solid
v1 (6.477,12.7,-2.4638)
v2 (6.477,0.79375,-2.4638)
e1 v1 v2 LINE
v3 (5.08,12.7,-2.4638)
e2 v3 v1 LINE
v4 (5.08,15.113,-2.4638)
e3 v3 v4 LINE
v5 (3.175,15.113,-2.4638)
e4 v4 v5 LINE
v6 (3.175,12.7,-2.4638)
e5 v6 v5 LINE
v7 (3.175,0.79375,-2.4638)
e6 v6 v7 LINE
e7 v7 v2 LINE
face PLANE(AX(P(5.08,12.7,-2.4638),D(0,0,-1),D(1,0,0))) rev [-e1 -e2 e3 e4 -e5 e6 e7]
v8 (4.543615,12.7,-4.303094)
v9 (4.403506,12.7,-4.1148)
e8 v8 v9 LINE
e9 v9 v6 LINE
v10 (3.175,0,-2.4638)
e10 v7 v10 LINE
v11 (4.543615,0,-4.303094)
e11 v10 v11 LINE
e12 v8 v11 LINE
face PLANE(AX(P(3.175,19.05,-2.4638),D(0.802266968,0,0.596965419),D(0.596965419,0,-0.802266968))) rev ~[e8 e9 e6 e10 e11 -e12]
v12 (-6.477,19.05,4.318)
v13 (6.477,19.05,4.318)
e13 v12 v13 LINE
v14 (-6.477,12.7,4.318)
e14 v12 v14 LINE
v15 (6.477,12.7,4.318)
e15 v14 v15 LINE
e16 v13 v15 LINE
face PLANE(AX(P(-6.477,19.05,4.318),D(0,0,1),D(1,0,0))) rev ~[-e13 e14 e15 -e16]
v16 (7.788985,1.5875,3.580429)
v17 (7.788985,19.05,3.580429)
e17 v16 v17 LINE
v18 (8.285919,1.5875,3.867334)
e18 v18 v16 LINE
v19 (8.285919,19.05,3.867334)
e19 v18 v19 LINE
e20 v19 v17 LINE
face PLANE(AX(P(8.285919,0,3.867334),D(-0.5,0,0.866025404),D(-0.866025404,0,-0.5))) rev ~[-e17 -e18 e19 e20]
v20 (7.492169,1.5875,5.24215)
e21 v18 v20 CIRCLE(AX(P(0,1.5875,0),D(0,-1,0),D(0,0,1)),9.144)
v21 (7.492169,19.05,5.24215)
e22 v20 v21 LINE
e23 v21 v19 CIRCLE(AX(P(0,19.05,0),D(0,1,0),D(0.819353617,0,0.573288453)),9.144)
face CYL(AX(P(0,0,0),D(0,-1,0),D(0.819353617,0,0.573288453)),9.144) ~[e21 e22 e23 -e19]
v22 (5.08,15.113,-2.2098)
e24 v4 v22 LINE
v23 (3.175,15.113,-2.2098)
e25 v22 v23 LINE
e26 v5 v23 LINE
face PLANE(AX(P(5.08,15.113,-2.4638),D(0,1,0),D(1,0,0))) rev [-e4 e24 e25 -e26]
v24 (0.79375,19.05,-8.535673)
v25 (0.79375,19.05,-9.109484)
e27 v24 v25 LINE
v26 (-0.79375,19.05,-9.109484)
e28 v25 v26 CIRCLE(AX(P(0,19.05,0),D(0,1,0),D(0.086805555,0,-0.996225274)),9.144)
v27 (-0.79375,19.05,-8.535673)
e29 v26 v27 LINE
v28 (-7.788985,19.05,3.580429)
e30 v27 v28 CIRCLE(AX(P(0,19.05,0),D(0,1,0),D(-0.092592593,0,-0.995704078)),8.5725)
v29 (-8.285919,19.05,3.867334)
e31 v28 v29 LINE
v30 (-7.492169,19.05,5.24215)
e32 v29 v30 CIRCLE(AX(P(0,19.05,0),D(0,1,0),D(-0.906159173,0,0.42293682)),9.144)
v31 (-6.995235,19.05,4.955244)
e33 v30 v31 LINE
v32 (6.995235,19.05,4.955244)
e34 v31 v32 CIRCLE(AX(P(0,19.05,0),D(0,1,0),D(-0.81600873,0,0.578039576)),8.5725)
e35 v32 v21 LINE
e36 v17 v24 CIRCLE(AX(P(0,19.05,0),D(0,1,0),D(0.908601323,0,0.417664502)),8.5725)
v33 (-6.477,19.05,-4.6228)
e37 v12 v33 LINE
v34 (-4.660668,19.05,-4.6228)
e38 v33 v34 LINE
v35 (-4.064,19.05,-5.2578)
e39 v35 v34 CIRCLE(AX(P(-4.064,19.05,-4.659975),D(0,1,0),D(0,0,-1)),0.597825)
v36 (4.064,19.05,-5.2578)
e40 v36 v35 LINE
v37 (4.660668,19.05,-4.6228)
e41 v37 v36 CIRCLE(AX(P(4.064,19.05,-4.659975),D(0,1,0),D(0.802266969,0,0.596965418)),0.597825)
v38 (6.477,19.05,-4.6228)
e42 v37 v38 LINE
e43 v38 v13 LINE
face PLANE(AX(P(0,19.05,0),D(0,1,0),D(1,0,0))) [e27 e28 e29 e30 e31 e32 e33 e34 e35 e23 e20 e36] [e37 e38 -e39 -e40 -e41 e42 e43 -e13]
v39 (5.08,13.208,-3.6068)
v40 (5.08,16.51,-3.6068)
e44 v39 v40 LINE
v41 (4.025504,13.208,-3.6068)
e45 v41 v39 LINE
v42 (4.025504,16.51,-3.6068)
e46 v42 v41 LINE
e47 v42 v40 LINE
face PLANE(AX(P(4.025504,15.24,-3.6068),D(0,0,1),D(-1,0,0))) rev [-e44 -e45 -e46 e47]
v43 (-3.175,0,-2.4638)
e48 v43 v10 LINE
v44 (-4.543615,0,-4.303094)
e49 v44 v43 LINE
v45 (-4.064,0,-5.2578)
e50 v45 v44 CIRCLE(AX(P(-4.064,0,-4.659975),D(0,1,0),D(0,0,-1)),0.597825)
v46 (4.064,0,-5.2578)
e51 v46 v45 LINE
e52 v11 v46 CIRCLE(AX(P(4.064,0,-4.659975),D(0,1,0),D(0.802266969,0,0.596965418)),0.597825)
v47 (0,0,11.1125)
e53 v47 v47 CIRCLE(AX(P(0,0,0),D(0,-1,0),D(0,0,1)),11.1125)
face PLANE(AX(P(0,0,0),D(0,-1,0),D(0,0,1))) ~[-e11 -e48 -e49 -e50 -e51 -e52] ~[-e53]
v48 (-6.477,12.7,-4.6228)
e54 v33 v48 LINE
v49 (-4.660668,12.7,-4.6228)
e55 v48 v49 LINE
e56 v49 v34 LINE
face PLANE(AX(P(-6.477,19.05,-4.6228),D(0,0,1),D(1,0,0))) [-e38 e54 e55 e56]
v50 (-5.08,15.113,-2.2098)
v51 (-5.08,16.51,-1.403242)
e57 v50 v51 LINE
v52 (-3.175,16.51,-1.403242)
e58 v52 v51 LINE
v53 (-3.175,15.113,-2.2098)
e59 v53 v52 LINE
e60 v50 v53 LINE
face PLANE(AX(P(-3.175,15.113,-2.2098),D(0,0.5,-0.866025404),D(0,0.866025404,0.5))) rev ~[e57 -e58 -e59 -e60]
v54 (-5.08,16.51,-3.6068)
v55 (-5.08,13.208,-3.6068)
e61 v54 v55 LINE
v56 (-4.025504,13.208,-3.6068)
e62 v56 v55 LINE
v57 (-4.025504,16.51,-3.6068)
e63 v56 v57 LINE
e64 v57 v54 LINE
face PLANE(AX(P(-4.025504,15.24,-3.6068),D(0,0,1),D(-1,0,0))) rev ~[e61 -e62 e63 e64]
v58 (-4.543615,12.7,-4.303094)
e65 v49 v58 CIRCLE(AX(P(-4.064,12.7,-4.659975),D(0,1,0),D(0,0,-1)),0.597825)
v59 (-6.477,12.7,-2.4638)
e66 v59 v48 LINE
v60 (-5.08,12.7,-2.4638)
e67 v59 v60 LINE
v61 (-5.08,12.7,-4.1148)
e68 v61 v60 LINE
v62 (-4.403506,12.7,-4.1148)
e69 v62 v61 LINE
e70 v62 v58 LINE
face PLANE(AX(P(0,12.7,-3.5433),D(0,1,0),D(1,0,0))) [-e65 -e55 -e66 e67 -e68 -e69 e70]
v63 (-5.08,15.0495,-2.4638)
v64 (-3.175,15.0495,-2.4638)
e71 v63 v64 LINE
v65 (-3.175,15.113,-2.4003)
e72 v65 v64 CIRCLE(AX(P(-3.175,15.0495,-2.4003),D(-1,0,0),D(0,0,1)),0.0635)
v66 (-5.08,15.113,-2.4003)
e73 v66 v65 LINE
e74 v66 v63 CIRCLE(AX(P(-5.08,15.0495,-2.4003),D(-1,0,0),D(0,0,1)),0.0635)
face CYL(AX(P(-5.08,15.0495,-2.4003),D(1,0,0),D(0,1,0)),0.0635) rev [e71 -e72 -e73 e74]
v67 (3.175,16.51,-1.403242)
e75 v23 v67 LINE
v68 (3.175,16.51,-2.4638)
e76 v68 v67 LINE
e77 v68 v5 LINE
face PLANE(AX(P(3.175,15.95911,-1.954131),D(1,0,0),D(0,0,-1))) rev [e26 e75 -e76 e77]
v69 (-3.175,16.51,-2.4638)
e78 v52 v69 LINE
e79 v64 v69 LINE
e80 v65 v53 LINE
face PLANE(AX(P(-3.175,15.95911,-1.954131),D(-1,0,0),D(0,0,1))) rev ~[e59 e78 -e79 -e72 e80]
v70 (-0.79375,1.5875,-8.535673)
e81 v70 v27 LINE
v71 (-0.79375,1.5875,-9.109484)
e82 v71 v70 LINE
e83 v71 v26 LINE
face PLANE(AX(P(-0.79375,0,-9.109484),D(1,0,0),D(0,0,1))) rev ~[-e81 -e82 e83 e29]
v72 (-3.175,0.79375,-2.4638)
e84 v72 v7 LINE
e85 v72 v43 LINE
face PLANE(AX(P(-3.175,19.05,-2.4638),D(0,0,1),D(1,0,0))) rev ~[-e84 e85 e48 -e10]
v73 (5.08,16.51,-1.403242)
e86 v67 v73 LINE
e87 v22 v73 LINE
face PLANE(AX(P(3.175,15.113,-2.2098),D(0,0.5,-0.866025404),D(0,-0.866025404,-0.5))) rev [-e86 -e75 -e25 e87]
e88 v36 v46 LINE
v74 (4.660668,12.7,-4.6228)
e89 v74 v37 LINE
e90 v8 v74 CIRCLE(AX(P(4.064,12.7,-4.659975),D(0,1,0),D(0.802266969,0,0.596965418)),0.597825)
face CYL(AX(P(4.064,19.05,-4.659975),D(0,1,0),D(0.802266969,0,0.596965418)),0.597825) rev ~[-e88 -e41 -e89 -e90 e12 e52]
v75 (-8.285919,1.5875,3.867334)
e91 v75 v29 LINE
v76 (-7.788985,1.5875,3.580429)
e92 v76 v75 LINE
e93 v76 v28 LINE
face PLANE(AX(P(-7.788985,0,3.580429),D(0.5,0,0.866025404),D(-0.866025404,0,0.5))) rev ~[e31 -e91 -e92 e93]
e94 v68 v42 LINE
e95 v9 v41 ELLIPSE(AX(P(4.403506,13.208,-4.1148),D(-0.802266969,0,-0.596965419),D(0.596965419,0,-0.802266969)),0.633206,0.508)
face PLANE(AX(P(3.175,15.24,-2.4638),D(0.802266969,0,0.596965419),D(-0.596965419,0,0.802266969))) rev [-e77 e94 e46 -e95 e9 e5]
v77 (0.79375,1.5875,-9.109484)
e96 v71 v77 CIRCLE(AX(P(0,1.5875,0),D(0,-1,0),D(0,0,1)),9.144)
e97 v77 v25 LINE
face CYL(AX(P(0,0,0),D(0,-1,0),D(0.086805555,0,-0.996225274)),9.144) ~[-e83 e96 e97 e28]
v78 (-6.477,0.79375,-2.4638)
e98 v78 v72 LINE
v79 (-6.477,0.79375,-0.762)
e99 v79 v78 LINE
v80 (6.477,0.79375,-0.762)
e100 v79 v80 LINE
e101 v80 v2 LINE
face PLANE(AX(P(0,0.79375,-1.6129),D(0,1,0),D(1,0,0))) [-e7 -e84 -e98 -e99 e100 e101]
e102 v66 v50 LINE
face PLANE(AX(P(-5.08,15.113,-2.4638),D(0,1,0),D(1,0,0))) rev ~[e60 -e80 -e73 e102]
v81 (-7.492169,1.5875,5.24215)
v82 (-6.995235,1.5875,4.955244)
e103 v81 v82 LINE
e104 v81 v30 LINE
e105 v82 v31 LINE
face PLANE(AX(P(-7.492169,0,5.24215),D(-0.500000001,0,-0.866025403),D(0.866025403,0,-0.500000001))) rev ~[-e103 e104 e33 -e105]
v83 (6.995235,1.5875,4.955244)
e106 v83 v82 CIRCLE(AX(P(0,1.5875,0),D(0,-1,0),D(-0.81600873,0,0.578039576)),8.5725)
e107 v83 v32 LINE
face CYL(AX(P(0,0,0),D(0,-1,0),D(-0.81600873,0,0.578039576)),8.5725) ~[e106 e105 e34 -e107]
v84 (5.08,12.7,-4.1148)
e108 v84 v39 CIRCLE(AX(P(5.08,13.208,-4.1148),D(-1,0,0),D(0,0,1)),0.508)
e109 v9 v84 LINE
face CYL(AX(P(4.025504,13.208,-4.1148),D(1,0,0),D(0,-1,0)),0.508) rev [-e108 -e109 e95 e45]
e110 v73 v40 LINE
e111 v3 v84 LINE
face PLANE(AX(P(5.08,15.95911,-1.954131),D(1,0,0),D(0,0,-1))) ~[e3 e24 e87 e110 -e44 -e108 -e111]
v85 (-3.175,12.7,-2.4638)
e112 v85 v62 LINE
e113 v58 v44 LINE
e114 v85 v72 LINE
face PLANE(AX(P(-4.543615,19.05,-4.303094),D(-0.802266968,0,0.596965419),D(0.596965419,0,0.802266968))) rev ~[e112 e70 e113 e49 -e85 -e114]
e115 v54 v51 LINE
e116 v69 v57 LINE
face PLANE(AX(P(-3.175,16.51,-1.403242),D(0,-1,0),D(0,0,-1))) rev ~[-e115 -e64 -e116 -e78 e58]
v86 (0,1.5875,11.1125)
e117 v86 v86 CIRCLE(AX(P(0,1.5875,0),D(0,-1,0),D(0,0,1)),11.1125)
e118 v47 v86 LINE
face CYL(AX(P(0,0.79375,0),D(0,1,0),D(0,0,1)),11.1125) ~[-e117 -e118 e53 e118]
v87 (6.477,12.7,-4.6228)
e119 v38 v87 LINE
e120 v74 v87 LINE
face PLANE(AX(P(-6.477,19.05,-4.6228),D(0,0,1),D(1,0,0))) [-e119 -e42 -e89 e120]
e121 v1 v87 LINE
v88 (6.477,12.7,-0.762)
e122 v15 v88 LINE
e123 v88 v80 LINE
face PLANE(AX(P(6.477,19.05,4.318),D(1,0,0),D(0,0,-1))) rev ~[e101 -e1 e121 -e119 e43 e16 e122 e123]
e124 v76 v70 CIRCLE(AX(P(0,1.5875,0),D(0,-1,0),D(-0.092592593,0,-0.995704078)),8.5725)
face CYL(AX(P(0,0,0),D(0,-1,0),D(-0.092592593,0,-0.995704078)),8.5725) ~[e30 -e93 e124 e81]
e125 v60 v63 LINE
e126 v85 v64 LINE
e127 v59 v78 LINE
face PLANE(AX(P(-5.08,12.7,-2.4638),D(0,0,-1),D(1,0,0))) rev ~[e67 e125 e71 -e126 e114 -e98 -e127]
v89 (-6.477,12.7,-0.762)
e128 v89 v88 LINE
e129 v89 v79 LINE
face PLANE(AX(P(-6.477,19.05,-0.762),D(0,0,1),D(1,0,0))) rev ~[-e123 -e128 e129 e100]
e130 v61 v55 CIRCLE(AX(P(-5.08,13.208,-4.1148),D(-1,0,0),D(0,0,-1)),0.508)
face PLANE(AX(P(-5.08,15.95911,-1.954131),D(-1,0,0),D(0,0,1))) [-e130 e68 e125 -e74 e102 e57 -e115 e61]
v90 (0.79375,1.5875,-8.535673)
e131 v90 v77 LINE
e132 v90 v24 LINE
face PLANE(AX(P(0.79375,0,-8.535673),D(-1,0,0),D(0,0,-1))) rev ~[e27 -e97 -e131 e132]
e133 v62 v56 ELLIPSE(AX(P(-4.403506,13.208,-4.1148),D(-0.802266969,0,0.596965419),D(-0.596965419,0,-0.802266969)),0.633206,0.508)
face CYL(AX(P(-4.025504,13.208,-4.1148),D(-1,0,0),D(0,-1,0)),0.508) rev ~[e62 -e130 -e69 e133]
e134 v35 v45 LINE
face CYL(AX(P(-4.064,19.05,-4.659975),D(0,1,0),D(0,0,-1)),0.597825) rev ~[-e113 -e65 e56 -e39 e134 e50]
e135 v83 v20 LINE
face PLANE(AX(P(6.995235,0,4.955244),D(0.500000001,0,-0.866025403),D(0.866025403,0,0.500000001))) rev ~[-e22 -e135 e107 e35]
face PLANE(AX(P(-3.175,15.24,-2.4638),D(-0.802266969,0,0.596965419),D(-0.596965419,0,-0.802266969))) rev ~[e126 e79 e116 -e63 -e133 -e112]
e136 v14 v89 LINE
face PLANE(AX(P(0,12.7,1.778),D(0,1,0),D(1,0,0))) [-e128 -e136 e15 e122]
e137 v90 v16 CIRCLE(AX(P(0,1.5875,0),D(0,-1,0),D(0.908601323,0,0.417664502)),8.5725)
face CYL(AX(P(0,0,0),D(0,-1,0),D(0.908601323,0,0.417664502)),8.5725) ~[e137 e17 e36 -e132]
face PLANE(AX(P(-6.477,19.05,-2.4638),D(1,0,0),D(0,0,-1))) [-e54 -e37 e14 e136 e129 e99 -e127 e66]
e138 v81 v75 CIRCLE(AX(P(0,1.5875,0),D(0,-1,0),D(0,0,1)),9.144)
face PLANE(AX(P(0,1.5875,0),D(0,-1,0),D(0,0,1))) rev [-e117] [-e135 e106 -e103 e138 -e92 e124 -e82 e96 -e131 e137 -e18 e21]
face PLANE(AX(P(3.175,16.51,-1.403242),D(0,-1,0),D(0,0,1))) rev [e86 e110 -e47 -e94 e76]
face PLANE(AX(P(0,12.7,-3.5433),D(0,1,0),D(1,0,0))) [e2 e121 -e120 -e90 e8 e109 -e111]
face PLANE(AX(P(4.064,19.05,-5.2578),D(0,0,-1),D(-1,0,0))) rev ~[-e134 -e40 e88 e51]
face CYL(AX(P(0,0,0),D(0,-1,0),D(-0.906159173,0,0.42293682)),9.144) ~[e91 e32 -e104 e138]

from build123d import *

# Parameters (mm, degrees)
BOSS_EXTRUDE1_DEPTH  = 19.05
CUT_EXTRUDE1_DEPTH   = 23.803574111
CUT_EXTRUDE2_DEPTH   = 18.25625
SKETCH6_W            = 0.608326788
SKETCH6_H            = 1.5875
SKETCH8_W            = 2.576826788
SKETCH8_H            = 1.5875
SKETCH9_W            = 12.954
SKETCH9_H            = 5.08
SKETCH9_H_2          = 2.159
CUT_EXTRUDE3_DEPTH   = 6.35
BOSS_EXTRUDE2_DEPTH  = 2.54
SKETCH11_W           = 1.905
SKETCH11_H           = 0.127
BOSS_EXTRUDE3_DEPTH  = 0.254
FILLET1_R            = 0.508
FILLET2_R            = 0.0635
BOSS_EXTRUDE4_DEPTH  = 1.27
BOSS_EXTRUDE5_DEPTH  = 1.905
FILLET1_OF_MIRROR1_R = 0.508


with BuildPart() as part:
    # Sketch1 → Boss-Extrude1 (new body)
    with BuildSketch(Plane(origin=(0, 0, 0), x_dir=(1, 0, 0), z_dir=(0, 1, 0))):
        with BuildLine():
            Line((-0.79375, 9.109483901), (-0.79375, 8.535673212))
            ThreePointArc((-0.79375, 8.535673212), (-7.424002774, 4.28625), (-7.78898484, -3.580428942))
            Line((-7.78898484, -3.580428942), (-8.285919473, -3.867334286))
            ThreePointArc((-8.285919473, -3.867334286), (-7.918936292, -4.572), (-7.492169473, -5.242149615))
            Line((-7.492169473, -5.242149615), (-6.99523484, -4.95524427))
            ThreePointArc((-6.99523484, -4.95524427), (0, -8.5725), (6.99523484, -4.95524427))
            Line((6.99523484, -4.95524427), (7.492169473, -5.242149615))
            ThreePointArc((7.492169473, -5.242149615), (7.918936292, -4.572), (8.285919473, -3.867334286))
            Line((8.285919473, -3.867334286), (7.78898484, -3.580428942))
            ThreePointArc((7.78898484, -3.580428942), (7.424002774, 4.28625), (0.79375, 8.535673212))
            Line((0.79375, 8.535673212), (0.79375, 9.109483901))
            ThreePointArc((0.79375, 9.109483901), (0, 9.144), (-0.79375, 9.109483901))
        make_face()
    extrude(amount=BOSS_EXTRUDE1_DEPTH)

    # Sketch2 → Cut-Extrude1 (cut, through all)
    with BuildSketch(Plane(origin=(0, 19.05, 0), x_dir=(1, 0, 0), z_dir=(0, 1, 0))):
        with BuildLine():
            Line((-4.543615348, 4.303093955), (-3.175, 2.4638))
            Line((-3.175, 2.4638), (3.175, 2.4638))
            Line((3.175, 2.4638), (4.543615348, 4.303093955))
            ThreePointArc((4.543615348, 4.303093955), (4.598203733, 4.928342625), (4.064, 5.2578))
            Line((4.064, 5.2578), (-4.064, 5.2578))
            ThreePointArc((-4.064, 5.2578), (-4.598203733, 4.928342625), (-4.543615348, 4.303093955))
        make_face()
    extrude(amount=-CUT_EXTRUDE1_DEPTH, mode=Mode.SUBTRACT)

    # Sketch2<4> → Cut-Extrude2 (cut)
    with BuildSketch(Plane(origin=(0, 19.05, 0), x_dir=(1, 0, 0), z_dir=(0, 1, 0))):
        Polygon((3.175, 2.4638), (-3.175, 2.4638), (-6.477, 2.4638), (-6.477, 0.762), (6.477, 0.762), (6.477, 2.4638), align=None)
    extrude(amount=-CUT_EXTRUDE2_DEPTH, mode=Mode.SUBTRACT)

    # Sketch6 → Cut-Revolve2 (revolve, cut)
    with BuildSketch(Plane(origin=(0, 0, 0), x_dir=(0, 0, -1), z_dir=(1, 0, 0))):
        with Locations((8.839836606, 0.79375)):
            Rectangle(SKETCH6_W, SKETCH6_H)
    revolve(axis=Axis((0, 19.730213777, 0), (0, -1, 0)), mode=Mode.SUBTRACT)

    # Sketch8 → Revolve2 (revolve)
    with BuildSketch(Plane(origin=(0, 0, 0), x_dir=(0, 0, -1), z_dir=(1, 0, 0))):
        with Locations((9.824086606, 0.79375)):
            Rectangle(SKETCH8_W, SKETCH8_H)
    revolve(axis=Axis((0, 4.48386458, 0), (0, -1, 0)))

    # Sketch9 → Cut-Extrude3 (cut)
    with BuildSketch(Plane(origin=(0, 19.05, 0), x_dir=(1, 0, 0), z_dir=(0, 1, 0))):
        with Locations((0, -1.778)):
            Rectangle(SKETCH9_W, SKETCH9_H)
        with Locations((0, 3.5433)):
            Rectangle(SKETCH9_W, SKETCH9_H_2)
    extrude(amount=-CUT_EXTRUDE3_DEPTH, mode=Mode.SUBTRACT)

    # Sketch10 → Boss-Extrude2 (add)
    with BuildSketch(Plane(origin=(0, 12.7, 0), x_dir=(1, 0, 0), z_dir=(0, 1, 0))):
        Polygon((-3.175, 2.4638), (-4.025504259, 3.6068), (-5.08, 3.6068), (-5.08, 2.4638), align=None)
    boss_extrude2 = extrude(amount=BOSS_EXTRUDE2_DEPTH)

    # Sketch11 → Boss-Extrude3 (add)
    with BuildSketch(Plane.XY.offset(-2.4638)):
        with Locations((-4.1275, 15.1765)):
            Rectangle(SKETCH11_W, SKETCH11_H)
    boss_extrude3 = extrude(amount=BOSS_EXTRUDE3_DEPTH)

    # Fillet1
    fillet1_edges = [part.edges().sort_by_distance(p)[0] for p in [
        (-4.55275213, 12.7, -3.6068),
    ]]
    fillet(fillet1_edges, radius=FILLET1_R)

    # Fillet2
    fillet2_edges = [part.edges().sort_by_distance(p)[0] for p in [
        (-4.1275, 15.113, -2.4638),
    ]]
    fillet(fillet2_edges, radius=FILLET2_R)

    # Sketch12 → Boss-Extrude4 (add)
    with BuildSketch(Plane(origin=(0, 15.24, 0), x_dir=(1, 0, 0), z_dir=(0, 1, 0))):
        Polygon((-3.175, 2.2098), (-3.175, 2.4638), (-4.025504259, 3.6068), (-5.08, 3.6068), (-5.08, 2.2098), align=None)
    boss_extrude4 = extrude(amount=BOSS_EXTRUDE4_DEPTH)

    # Sketch13 → Boss-Extrude5 (add)
    with BuildSketch(Plane(origin=(-3.175, 0, 0), x_dir=(0, 0, -1), z_dir=(1, 0, 0))):
        Polygon((2.2098, 15.113), (1.403241674, 16.51), (2.2098, 16.51), align=None)
    boss_extrude5 = extrude(amount=-BOSS_EXTRUDE5_DEPTH)

    # Mirror1: Boss-Extrude2, Boss-Extrude3, Boss-Extrude4, Boss-Extrude5 across plane
    add(boss_extrude2.mirror(Plane(origin=(0, 0, 0), x_dir=(0, 0, 1), z_dir=(1, 0, 0))))
    add(boss_extrude3.mirror(Plane(origin=(0, 0, 0), x_dir=(0, 0, 1), z_dir=(1, 0, 0))))
    add(boss_extrude4.mirror(Plane(origin=(0, 0, 0), x_dir=(0, 0, 1), z_dir=(1, 0, 0))))
    add(boss_extrude5.mirror(Plane(origin=(0, 0, 0), x_dir=(0, 0, 1), z_dir=(1, 0, 0))))

    # Fillet1 of Mirror1
    fillet1_of_mirror1_edges = [part.edges().sort_by_distance(p)[0] for p in [
        (4.55275213, 12.7, -3.6068),
    ]]
    fillet(fillet1_of_mirror1_edges, radius=FILLET1_OF_MIRROR1_R)


solid = part.part
